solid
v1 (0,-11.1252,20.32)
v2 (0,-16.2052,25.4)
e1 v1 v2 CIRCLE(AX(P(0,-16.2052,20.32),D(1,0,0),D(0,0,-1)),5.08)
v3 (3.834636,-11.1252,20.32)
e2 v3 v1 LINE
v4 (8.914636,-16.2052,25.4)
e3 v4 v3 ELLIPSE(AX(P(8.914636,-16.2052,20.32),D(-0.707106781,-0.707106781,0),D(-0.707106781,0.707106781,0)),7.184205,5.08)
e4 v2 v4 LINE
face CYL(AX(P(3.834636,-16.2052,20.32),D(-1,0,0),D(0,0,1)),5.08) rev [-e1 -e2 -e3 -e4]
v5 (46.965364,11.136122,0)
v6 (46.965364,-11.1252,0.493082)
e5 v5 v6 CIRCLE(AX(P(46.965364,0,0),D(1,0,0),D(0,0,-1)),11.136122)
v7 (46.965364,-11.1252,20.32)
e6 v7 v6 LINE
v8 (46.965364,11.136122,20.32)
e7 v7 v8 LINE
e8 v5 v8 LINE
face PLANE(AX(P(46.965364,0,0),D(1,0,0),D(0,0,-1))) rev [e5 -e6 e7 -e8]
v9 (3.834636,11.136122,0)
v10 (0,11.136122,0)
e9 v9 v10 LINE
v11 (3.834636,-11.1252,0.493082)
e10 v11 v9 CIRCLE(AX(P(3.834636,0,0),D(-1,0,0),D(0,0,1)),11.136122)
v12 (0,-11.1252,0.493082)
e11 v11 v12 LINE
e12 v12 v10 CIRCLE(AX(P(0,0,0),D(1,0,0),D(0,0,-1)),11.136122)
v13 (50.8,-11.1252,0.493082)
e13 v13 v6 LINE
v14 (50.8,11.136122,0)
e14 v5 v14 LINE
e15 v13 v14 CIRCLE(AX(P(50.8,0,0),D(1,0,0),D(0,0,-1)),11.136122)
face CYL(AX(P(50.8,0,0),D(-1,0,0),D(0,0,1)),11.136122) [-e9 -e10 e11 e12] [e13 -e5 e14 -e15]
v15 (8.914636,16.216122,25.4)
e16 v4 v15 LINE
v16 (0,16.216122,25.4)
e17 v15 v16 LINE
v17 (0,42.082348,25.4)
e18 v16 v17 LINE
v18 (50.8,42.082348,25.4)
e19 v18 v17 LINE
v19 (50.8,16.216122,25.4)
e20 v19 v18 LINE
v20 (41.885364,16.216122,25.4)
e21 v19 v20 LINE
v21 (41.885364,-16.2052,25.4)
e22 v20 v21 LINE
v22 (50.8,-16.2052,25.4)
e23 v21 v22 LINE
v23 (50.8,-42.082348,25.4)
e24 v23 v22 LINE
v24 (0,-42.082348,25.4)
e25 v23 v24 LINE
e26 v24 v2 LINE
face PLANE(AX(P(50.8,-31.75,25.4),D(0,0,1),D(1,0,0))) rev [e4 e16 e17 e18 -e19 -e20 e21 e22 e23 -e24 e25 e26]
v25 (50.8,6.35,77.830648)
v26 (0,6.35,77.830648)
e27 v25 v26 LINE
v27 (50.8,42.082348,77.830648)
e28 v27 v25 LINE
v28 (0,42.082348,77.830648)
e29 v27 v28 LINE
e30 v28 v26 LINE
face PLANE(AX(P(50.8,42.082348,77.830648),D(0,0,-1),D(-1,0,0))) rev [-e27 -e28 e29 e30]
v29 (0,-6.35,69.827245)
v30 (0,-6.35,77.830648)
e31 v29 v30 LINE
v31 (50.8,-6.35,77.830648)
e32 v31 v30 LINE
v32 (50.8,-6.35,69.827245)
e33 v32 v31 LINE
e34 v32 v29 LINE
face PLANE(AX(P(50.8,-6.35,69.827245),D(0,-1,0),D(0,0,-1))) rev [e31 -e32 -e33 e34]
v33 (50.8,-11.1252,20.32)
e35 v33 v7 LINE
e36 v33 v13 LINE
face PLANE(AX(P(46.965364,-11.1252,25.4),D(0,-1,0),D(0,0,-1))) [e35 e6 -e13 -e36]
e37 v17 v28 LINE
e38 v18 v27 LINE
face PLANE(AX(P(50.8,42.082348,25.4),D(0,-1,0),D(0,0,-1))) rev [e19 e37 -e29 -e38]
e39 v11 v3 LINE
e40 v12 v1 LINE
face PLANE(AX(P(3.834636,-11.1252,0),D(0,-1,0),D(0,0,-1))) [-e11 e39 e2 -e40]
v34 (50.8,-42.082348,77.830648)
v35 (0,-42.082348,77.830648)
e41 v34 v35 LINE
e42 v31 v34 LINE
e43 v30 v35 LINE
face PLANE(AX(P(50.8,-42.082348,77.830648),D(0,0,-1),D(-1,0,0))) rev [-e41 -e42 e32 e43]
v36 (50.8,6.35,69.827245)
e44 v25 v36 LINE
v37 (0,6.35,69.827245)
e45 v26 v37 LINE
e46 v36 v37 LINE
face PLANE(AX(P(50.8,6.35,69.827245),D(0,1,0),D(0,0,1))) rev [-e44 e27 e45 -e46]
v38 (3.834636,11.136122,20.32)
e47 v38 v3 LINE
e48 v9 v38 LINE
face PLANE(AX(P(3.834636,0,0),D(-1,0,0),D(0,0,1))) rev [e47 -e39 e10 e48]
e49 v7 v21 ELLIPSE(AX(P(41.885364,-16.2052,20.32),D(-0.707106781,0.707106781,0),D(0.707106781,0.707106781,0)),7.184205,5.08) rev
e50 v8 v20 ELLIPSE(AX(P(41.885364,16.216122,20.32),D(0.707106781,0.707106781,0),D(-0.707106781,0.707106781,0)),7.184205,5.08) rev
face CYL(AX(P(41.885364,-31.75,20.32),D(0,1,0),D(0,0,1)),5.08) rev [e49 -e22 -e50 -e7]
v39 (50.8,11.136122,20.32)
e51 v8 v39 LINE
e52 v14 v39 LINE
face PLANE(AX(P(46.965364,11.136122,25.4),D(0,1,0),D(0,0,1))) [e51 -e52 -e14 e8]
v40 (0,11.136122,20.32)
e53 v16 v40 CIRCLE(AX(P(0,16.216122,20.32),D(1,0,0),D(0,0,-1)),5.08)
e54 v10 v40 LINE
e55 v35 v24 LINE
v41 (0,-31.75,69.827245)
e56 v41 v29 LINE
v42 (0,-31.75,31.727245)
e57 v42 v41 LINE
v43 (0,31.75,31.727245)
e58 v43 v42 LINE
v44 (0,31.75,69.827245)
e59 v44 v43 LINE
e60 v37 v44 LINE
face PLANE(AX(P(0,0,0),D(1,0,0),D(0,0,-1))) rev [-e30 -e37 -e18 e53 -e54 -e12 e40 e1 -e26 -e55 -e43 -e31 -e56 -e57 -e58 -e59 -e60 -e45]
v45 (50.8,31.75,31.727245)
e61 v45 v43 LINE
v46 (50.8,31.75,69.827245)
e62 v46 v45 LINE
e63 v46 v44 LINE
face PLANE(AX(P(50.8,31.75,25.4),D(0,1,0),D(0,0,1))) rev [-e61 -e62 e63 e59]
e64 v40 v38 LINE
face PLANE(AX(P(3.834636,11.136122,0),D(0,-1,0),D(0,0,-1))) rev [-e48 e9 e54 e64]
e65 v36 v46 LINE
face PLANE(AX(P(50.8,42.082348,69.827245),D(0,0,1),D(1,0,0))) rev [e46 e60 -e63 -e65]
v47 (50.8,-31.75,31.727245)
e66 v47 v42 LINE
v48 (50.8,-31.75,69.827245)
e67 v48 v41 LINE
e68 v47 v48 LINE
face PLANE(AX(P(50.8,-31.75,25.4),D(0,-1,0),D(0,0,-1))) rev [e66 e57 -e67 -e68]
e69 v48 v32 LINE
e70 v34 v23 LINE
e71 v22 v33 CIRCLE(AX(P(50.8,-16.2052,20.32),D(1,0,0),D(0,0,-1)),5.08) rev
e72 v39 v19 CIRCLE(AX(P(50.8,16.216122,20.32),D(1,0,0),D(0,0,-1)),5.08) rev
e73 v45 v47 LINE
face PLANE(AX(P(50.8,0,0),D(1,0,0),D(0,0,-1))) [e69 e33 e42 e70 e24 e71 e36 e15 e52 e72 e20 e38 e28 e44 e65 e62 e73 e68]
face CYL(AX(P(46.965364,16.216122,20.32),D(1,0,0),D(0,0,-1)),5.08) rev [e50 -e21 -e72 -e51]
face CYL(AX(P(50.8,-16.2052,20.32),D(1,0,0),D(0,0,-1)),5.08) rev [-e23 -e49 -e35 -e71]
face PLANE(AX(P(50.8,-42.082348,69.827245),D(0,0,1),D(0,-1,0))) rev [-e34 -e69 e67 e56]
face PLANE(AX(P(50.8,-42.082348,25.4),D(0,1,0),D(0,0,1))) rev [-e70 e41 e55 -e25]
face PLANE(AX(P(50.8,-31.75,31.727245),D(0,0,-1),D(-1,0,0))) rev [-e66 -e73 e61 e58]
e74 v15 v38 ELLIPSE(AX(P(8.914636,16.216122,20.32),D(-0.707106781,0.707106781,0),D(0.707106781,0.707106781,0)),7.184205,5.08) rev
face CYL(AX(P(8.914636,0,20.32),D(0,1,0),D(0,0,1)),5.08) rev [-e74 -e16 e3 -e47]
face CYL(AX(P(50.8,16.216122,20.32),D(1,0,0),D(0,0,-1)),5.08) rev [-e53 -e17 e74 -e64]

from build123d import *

# Parameters (mm, degrees)
SKETCH1_R           = 11.136121628
BOSS_EXTRUDE1_DEPTH = 50.8
SKETCH2_W           = 22.261321628
SKETCH2_H           = 25.4
BOSS_EXTRUDE2_DEPTH = 3.834635566
SKETCH3_W           = 63.5
SKETCH3_H           = 6.327245258
BOSS_EXTRUDE3_DEPTH = 50.8
SKETCH4_W           = 10.33234824
SKETCH4_H           = 44.427245258
BOSS_EXTRUDE4_DEPTH = 50.8
SKETCH5_W           = 35.73234824
SKETCH5_H           = 8.003402532
BOSS_EXTRUDE5_DEPTH = 50.8
SKETCH6_W           = 22.261321628
SKETCH6_H           = 25.4
BOSS_EXTRUDE6_DEPTH = 3.834635566
FILLET2_R           = 5.08


with BuildPart() as part:
    # Sketch1 → Boss-Extrude1 (new body)
    with BuildSketch(Plane.YZ):
        with Locations(Location((0, 0, 0), (0, 0, 270))):
            Circle(SKETCH1_R)
    extrude(amount=BOSS_EXTRUDE1_DEPTH)

    # Sketch2 → Boss-Extrude2 (add)
    with BuildSketch(Plane(origin=(0, 0, 0), x_dir=(0, -1, 0), z_dir=(-1, 0, 0))):
        with Locations((-0.005460814, 12.7)):
            Rectangle(SKETCH2_W, SKETCH2_H)
    extrude(amount=-BOSS_EXTRUDE2_DEPTH)

    # Sketch3 → Boss-Extrude3 (add)
    with BuildSketch(Plane.YZ):
        with Locations((0, 28.563622629)):
            Rectangle(SKETCH3_W, SKETCH3_H)
    extrude(amount=BOSS_EXTRUDE3_DEPTH)

    # Sketch4 → Boss-Extrude4 (add)
    with BuildSketch(Plane.YZ):
        with Locations((-36.91617412, 47.613622629)):
            Rectangle(SKETCH4_W, SKETCH4_H)
        with Locations((36.91617412, 47.613622629)):
            Rectangle(SKETCH4_W, SKETCH4_H)
    extrude(amount=BOSS_EXTRUDE4_DEPTH)

    # Sketch5 → Boss-Extrude5 (add)
    with BuildSketch(Plane.YZ):
        with Locations((-24.21617412, 73.828946524)):
            Rectangle(SKETCH5_W, SKETCH5_H)
        with Locations((24.21617412, 73.828946524)):
            Rectangle(SKETCH5_W, SKETCH5_H)
    extrude(amount=BOSS_EXTRUDE5_DEPTH)

    # Sketch6 → Boss-Extrude6 (add)
    with BuildSketch(Plane.YZ.offset(50.8)):
        with Locations((0.005460814, 12.7)):
            Rectangle(SKETCH6_W, SKETCH6_H)
    extrude(amount=-BOSS_EXTRUDE6_DEPTH)

    # Fillet2
    fillet2_edges = [part.edges().sort_by_distance(p)[0] for p in [
        (1.917317783, 11.136121628, 25.4),
        (3.834635566, 0.005460814, 25.4),
        (1.917317783, -11.1252, 25.4),
        (46.965364434, 0.005460814, 25.4),
        (48.882682217, -11.1252, 25.4),
        (48.882682217, 11.136121628, 25.4),
    ]]
    fillet(fillet2_edges, radius=FILLET2_R)


solid = part.part
